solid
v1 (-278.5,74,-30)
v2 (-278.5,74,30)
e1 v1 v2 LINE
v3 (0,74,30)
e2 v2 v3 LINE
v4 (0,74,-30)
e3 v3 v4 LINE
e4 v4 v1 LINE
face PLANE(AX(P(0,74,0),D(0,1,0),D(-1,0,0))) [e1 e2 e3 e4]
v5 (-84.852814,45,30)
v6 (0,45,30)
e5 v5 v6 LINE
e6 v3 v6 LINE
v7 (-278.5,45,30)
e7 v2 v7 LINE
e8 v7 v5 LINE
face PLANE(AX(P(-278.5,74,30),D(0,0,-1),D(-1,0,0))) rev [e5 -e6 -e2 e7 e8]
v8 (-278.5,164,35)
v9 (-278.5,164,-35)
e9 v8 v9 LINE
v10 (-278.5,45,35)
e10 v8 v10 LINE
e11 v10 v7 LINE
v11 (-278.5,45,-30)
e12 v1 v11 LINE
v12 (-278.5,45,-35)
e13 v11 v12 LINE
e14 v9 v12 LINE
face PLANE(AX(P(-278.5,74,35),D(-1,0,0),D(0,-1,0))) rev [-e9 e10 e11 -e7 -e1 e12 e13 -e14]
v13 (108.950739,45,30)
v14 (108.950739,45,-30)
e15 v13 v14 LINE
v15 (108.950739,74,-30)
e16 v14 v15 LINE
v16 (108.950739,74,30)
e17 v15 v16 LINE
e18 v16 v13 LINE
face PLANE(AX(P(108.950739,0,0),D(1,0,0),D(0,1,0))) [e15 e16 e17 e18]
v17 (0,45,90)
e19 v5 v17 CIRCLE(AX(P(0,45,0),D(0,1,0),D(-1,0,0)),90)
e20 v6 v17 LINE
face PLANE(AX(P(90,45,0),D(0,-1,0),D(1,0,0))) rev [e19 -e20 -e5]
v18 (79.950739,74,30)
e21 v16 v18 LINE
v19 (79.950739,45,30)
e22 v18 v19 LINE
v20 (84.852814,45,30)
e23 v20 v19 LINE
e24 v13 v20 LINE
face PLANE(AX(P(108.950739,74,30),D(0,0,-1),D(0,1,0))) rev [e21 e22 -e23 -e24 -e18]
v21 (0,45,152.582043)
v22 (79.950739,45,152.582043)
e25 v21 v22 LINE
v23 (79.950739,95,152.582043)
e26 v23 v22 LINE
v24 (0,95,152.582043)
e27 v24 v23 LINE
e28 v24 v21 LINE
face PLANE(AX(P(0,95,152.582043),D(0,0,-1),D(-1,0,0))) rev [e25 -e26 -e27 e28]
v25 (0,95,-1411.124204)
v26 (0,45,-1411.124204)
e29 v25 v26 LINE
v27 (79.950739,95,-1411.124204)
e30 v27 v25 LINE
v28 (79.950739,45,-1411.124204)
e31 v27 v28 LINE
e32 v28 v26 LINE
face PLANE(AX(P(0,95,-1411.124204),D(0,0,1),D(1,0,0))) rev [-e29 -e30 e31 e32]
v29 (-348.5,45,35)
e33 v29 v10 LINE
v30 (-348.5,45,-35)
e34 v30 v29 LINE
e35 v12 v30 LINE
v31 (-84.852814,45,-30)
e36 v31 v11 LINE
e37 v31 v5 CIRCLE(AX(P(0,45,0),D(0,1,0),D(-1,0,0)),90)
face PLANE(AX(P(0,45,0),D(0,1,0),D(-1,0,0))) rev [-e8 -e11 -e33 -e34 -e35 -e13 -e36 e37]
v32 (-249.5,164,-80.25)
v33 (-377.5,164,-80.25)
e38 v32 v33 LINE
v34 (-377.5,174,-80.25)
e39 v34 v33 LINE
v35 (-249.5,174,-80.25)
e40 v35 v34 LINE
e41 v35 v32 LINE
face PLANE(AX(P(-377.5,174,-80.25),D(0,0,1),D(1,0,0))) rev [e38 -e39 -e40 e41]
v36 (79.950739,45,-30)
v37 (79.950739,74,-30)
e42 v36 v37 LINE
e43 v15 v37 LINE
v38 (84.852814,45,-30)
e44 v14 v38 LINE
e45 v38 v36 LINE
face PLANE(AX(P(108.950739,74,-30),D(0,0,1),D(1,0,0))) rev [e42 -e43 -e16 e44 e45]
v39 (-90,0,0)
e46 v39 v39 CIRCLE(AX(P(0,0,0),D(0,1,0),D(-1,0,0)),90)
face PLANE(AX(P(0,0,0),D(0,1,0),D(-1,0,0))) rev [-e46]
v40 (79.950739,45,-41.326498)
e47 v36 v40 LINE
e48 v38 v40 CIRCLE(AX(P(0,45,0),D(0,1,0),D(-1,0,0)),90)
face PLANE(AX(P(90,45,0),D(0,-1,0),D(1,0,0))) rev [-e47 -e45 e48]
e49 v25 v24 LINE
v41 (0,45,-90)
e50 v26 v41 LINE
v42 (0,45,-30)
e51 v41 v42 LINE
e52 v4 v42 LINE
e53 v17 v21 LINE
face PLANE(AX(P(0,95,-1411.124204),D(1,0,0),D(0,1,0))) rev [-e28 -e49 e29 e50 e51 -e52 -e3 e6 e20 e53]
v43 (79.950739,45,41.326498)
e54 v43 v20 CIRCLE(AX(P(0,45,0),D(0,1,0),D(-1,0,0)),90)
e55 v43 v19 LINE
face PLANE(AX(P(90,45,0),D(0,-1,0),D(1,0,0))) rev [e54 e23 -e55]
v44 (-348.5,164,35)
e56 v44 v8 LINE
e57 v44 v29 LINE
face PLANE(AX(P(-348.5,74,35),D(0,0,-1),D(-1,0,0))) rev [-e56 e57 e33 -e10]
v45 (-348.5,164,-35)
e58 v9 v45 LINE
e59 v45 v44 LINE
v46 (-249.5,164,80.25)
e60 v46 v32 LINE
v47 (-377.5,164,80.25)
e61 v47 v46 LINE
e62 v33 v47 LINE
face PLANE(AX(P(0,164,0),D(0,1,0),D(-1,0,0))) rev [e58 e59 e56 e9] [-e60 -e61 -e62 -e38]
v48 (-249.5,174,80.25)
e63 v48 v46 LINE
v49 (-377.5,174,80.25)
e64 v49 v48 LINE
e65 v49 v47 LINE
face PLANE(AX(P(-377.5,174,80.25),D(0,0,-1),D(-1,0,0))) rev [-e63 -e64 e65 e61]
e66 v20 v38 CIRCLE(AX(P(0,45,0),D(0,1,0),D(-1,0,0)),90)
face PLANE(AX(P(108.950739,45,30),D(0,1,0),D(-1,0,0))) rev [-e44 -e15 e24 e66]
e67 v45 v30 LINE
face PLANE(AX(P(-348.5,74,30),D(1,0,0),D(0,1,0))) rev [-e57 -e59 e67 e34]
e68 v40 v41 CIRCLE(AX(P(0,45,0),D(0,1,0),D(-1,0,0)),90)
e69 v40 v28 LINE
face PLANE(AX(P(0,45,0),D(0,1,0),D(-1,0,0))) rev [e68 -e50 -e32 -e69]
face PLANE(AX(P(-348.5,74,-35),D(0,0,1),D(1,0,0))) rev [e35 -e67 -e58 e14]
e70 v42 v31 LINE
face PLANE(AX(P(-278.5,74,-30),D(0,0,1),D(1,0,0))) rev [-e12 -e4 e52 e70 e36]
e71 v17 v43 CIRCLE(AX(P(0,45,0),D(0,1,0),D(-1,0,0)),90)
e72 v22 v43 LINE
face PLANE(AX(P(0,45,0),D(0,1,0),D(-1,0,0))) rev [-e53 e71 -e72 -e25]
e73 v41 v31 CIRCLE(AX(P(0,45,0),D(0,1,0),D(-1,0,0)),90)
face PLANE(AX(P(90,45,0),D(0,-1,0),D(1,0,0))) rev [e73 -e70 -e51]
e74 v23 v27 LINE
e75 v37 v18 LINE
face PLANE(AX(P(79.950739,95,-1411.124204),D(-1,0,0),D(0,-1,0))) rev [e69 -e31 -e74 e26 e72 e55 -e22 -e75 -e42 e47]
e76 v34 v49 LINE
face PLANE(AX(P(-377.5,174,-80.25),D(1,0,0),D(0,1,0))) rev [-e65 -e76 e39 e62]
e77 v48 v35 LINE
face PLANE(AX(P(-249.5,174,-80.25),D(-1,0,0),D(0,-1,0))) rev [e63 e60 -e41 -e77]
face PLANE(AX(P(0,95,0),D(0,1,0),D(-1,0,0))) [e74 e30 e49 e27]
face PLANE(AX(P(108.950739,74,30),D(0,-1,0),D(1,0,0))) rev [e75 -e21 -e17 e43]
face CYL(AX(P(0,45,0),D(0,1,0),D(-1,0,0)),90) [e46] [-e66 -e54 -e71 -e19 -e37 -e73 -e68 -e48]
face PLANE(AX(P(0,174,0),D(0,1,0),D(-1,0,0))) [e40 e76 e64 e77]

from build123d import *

# Parameters (mm, degrees)
ESQUISSE1_W        = 90
ESQUISSE1_H        = 45
ESQUISSE2_W        = 79.950738566
ESQUISSE2_H        = 1563.706247811
BOSS_EXTRU_1_DEPTH = 50
BOSS_EXTRU_2_DEPTH = 29
ESQUISSE5_W        = 60
ESQUISSE5_H        = 29
BOSS_EXTRU_3_DEPTH = 29
BOSS_EXTRU_4_DEPTH = 90
ESQUISSE9_W        = 128
ESQUISSE9_H        = 160.5
BOSS_EXTRU_5_DEPTH = 10


with BuildPart() as part:
    # Esquisse1 → Révolution1 (revolve)
    with BuildSketch(Plane.XY, mode=Mode.PRIVATE) as r_volution1_sk:
        with Locations((45, 22.5)):
            Rectangle(ESQUISSE1_W, ESQUISSE1_H)
    revolve(r_volution1_sk.sketch.rotate(Axis((0, 45, 0), (0, -1, 0)), 180), axis=Axis((0, 45, 0), (0, -1, 0)))

    # Esquisse2 → Boss.-Extru.1 (add)
    with BuildSketch(Plane(origin=(0, 45, 0), x_dir=(1, 0, 0), z_dir=(0, 1, 0))):
        with Locations((39.975369283, 629.271080586)):
            Rectangle(ESQUISSE2_W, ESQUISSE2_H)
    extrude(amount=BOSS_EXTRU_1_DEPTH)

    # Esquisse3 → Boss.-Extru.2 (add)
    with BuildSketch(Plane(origin=(0, 45, 0), x_dir=(1, 0, 0), z_dir=(0, 1, 0))):
        Polygon((-278.5, 30), (0, 30), (0, -30), (-278.5, -30), (-278.5, -35), (-348.5, -35), (-348.5, -30), (-348.5, 30), (-348.5, 35), (-278.5, 35), align=None)
    extrude(amount=BOSS_EXTRU_2_DEPTH)

    # Esquisse5 → Boss.-Extru.3 (add)
    with BuildSketch(Plane(origin=(79.950738566, 0, 0), x_dir=(0, 0, -1), z_dir=(1, 0, 0))):
        with Locations((0, 59.5)):
            Rectangle(ESQUISSE5_W, ESQUISSE5_H)
    extrude(amount=BOSS_EXTRU_3_DEPTH)

    # Esquisse6 → Boss.-Extru.4 (add)
    with BuildSketch(Plane(origin=(0, 74, 0), x_dir=(1, 0, 0), z_dir=(0, 1, 0))):
        Polygon((-348.5, 35), (-278.5, 35), (-278.5, -30), (-278.5, -35), (-348.5, -35), (-348.5, -30), align=None)
    extrude(amount=BOSS_EXTRU_4_DEPTH)

    # Esquisse9 → Boss.-Extru.5 (add)
    with BuildSketch(Plane(origin=(0, 164, 0), x_dir=(1, 0, 0), z_dir=(0, 1, 0))):
        with Locations((-313.5, 0)):
            Rectangle(ESQUISSE9_W, ESQUISSE9_H)
    extrude(amount=BOSS_EXTRU_5_DEPTH)


solid = part.part
